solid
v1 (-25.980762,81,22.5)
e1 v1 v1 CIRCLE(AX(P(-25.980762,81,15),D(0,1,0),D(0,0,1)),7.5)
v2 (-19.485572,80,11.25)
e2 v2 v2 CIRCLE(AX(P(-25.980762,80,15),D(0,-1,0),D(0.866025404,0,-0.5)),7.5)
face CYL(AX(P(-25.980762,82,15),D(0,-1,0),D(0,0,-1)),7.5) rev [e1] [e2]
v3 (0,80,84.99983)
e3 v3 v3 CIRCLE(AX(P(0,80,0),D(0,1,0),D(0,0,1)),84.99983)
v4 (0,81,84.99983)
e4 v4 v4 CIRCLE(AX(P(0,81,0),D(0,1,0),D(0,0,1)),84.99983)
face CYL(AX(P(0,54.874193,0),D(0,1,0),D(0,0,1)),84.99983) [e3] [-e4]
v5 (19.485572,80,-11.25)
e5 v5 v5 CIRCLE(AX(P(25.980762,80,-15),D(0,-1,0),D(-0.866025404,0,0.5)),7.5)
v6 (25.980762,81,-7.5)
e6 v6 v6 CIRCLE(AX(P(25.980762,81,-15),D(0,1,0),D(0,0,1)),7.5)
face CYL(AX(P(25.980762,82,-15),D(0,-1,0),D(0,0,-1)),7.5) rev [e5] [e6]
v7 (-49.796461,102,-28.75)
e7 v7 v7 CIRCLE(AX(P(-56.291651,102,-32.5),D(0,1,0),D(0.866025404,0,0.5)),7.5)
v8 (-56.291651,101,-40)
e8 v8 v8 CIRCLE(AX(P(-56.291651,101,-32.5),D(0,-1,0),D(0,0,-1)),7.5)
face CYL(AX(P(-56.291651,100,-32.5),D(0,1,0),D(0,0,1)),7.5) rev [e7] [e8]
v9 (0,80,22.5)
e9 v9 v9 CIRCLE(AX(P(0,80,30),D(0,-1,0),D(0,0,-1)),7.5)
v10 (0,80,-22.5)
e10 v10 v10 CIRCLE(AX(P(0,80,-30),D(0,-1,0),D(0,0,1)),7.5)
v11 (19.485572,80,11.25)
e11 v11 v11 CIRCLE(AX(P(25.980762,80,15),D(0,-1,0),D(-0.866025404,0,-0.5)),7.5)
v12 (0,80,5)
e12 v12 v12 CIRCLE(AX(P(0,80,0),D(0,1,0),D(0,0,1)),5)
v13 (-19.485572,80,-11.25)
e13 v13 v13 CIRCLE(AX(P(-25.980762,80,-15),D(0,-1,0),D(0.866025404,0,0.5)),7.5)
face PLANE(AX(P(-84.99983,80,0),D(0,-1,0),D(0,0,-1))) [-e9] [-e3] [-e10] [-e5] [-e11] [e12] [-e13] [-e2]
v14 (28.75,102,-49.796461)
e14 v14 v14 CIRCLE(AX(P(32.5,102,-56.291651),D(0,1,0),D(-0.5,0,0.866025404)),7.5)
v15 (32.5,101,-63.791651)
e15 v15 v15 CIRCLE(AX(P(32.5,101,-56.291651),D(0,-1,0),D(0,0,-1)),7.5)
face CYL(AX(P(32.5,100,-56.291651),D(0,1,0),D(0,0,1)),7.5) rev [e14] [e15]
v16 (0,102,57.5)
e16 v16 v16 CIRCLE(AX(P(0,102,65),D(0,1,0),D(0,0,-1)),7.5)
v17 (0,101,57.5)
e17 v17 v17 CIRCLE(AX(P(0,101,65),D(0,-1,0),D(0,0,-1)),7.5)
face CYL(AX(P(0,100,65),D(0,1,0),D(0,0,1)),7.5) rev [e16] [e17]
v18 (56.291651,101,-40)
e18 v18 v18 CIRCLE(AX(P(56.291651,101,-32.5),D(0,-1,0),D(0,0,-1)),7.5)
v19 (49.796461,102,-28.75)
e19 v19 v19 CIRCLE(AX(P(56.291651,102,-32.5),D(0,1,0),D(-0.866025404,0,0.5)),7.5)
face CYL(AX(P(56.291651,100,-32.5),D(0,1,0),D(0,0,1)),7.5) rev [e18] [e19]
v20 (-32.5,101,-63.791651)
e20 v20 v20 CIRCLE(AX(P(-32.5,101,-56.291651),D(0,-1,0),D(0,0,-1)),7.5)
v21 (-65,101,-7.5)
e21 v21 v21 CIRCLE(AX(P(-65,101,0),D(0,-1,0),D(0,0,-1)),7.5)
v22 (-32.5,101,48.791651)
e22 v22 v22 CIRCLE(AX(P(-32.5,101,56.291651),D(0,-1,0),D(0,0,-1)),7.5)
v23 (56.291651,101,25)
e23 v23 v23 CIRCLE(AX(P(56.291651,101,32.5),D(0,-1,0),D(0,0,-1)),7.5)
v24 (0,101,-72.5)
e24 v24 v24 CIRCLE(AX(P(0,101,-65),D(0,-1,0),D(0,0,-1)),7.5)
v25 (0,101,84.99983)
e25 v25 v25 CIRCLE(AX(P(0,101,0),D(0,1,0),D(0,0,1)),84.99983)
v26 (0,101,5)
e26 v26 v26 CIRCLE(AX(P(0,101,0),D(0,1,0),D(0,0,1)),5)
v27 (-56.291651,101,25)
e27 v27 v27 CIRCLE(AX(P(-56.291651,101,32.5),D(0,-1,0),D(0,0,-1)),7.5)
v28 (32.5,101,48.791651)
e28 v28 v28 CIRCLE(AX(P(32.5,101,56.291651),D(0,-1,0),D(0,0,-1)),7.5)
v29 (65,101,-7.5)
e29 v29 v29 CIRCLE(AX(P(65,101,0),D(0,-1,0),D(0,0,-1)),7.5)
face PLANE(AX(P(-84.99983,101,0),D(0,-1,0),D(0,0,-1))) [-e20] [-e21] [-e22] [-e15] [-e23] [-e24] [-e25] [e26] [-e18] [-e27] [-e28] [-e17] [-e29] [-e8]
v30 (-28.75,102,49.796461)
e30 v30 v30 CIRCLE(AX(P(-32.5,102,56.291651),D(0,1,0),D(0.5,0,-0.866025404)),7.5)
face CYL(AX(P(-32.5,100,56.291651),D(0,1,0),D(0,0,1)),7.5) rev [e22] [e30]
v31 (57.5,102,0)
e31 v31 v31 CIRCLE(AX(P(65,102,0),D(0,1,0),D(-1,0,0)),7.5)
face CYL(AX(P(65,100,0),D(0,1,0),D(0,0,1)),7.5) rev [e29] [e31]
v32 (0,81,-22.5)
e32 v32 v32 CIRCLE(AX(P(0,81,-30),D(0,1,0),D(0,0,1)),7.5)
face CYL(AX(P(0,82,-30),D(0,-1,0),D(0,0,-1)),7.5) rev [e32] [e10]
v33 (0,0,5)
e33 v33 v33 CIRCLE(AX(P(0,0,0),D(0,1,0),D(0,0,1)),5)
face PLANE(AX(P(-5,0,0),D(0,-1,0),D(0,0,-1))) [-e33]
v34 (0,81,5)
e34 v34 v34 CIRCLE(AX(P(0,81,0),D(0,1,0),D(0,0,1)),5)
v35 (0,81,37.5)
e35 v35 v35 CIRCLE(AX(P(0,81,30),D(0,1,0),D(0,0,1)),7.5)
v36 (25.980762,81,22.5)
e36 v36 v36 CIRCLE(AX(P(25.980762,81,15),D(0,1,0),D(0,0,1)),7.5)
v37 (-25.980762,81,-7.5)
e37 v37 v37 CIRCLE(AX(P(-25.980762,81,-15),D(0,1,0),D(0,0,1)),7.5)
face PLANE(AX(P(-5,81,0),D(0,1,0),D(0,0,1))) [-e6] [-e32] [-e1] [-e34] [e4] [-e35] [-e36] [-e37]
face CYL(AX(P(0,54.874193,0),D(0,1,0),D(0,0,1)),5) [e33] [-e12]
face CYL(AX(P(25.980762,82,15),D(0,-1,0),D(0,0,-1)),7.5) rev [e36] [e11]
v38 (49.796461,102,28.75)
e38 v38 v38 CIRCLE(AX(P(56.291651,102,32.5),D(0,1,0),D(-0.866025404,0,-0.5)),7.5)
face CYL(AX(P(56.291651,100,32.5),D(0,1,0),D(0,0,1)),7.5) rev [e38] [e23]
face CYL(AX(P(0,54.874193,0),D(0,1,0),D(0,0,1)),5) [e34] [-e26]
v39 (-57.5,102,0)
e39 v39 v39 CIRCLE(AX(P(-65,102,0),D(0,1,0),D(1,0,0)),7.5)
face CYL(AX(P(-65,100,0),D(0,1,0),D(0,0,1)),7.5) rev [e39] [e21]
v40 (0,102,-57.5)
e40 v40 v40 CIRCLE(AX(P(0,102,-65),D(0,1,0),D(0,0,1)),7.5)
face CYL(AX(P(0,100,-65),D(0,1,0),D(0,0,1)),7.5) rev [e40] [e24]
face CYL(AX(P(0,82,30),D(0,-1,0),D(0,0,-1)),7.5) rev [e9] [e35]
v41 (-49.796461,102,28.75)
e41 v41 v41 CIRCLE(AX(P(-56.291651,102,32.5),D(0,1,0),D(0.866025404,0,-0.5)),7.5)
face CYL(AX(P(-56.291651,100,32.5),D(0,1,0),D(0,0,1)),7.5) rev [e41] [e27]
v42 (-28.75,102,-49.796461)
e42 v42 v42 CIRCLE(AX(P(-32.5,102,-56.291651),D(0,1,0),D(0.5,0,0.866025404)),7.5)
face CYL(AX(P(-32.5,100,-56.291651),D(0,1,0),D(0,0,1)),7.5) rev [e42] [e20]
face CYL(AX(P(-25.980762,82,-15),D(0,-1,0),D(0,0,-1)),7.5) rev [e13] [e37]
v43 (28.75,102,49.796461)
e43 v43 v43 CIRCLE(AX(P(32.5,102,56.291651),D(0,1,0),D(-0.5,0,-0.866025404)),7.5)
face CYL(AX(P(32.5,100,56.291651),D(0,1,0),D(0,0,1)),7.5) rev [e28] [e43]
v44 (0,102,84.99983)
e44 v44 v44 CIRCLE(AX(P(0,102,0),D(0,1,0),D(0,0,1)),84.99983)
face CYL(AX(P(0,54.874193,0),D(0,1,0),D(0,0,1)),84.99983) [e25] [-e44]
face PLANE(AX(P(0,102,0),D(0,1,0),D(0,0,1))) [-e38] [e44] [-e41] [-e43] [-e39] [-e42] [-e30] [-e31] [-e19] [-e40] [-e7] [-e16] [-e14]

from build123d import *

# Parameters (mm, degrees)
SKETCH2_R          = 7.5
CUT_EXTRUDE1_DEPTH = 2
CIRPATTERN1_COUNT  = 12
SKETCH3_R          = 7.5
CUT_EXTRUDE2_DEPTH = 2
CIRPATTERN2_COUNT  = 6


with BuildPart() as part:
    # Sketch1 → Revolve1 (revolve)
    with BuildSketch(Plane.XY):
        Polygon((0, 102), (-84.99983, 102), (-84.99983, 101), (-5, 101), (-5, 81), (-84.99983, 81), (-84.99983, 80), (-5, 80), (-5, 0), (0, 0), align=None)
    revolve(axis=Axis((0, 54.874193188, 0), (0, -1, 0)))

    # Sketch2 → Cut-Extrude1 (cut)
    with BuildSketch(Plane(origin=(0, 102, 0), x_dir=(1, 0, 0), z_dir=(0, 1, 0))):
        with Locations((0, 65)):
            Circle(SKETCH2_R)
    cut_extrude1 = extrude(amount=-CUT_EXTRUDE1_DEPTH, mode=Mode.SUBTRACT)

    # CirPattern1: Cut-Extrude1 ×12 about axis
    cirpattern1_axis = Axis((0, 0, 0), (0, 1, 0))
    for i in range(1, CIRPATTERN1_COUNT):
        add(cut_extrude1.rotate(cirpattern1_axis, i * 360 / CIRPATTERN1_COUNT), mode=Mode.SUBTRACT)

    # Sketch3 → Cut-Extrude2 (cut)
    with BuildSketch(Plane.XZ.offset(-80)):
        with Locations((0, 30)):
            Circle(SKETCH3_R)
    cut_extrude2 = extrude(amount=-CUT_EXTRUDE2_DEPTH, mode=Mode.SUBTRACT)

    # CirPattern2: Cut-Extrude2 ×6 about axis
    cirpattern2_axis = Axis((0, 0, 0), (0, 1, 0))
    for i in range(1, CIRPATTERN2_COUNT):
        add(cut_extrude2.rotate(cirpattern2_axis, i * 360 / CIRPATTERN2_COUNT), mode=Mode.SUBTRACT)


solid = part.part
